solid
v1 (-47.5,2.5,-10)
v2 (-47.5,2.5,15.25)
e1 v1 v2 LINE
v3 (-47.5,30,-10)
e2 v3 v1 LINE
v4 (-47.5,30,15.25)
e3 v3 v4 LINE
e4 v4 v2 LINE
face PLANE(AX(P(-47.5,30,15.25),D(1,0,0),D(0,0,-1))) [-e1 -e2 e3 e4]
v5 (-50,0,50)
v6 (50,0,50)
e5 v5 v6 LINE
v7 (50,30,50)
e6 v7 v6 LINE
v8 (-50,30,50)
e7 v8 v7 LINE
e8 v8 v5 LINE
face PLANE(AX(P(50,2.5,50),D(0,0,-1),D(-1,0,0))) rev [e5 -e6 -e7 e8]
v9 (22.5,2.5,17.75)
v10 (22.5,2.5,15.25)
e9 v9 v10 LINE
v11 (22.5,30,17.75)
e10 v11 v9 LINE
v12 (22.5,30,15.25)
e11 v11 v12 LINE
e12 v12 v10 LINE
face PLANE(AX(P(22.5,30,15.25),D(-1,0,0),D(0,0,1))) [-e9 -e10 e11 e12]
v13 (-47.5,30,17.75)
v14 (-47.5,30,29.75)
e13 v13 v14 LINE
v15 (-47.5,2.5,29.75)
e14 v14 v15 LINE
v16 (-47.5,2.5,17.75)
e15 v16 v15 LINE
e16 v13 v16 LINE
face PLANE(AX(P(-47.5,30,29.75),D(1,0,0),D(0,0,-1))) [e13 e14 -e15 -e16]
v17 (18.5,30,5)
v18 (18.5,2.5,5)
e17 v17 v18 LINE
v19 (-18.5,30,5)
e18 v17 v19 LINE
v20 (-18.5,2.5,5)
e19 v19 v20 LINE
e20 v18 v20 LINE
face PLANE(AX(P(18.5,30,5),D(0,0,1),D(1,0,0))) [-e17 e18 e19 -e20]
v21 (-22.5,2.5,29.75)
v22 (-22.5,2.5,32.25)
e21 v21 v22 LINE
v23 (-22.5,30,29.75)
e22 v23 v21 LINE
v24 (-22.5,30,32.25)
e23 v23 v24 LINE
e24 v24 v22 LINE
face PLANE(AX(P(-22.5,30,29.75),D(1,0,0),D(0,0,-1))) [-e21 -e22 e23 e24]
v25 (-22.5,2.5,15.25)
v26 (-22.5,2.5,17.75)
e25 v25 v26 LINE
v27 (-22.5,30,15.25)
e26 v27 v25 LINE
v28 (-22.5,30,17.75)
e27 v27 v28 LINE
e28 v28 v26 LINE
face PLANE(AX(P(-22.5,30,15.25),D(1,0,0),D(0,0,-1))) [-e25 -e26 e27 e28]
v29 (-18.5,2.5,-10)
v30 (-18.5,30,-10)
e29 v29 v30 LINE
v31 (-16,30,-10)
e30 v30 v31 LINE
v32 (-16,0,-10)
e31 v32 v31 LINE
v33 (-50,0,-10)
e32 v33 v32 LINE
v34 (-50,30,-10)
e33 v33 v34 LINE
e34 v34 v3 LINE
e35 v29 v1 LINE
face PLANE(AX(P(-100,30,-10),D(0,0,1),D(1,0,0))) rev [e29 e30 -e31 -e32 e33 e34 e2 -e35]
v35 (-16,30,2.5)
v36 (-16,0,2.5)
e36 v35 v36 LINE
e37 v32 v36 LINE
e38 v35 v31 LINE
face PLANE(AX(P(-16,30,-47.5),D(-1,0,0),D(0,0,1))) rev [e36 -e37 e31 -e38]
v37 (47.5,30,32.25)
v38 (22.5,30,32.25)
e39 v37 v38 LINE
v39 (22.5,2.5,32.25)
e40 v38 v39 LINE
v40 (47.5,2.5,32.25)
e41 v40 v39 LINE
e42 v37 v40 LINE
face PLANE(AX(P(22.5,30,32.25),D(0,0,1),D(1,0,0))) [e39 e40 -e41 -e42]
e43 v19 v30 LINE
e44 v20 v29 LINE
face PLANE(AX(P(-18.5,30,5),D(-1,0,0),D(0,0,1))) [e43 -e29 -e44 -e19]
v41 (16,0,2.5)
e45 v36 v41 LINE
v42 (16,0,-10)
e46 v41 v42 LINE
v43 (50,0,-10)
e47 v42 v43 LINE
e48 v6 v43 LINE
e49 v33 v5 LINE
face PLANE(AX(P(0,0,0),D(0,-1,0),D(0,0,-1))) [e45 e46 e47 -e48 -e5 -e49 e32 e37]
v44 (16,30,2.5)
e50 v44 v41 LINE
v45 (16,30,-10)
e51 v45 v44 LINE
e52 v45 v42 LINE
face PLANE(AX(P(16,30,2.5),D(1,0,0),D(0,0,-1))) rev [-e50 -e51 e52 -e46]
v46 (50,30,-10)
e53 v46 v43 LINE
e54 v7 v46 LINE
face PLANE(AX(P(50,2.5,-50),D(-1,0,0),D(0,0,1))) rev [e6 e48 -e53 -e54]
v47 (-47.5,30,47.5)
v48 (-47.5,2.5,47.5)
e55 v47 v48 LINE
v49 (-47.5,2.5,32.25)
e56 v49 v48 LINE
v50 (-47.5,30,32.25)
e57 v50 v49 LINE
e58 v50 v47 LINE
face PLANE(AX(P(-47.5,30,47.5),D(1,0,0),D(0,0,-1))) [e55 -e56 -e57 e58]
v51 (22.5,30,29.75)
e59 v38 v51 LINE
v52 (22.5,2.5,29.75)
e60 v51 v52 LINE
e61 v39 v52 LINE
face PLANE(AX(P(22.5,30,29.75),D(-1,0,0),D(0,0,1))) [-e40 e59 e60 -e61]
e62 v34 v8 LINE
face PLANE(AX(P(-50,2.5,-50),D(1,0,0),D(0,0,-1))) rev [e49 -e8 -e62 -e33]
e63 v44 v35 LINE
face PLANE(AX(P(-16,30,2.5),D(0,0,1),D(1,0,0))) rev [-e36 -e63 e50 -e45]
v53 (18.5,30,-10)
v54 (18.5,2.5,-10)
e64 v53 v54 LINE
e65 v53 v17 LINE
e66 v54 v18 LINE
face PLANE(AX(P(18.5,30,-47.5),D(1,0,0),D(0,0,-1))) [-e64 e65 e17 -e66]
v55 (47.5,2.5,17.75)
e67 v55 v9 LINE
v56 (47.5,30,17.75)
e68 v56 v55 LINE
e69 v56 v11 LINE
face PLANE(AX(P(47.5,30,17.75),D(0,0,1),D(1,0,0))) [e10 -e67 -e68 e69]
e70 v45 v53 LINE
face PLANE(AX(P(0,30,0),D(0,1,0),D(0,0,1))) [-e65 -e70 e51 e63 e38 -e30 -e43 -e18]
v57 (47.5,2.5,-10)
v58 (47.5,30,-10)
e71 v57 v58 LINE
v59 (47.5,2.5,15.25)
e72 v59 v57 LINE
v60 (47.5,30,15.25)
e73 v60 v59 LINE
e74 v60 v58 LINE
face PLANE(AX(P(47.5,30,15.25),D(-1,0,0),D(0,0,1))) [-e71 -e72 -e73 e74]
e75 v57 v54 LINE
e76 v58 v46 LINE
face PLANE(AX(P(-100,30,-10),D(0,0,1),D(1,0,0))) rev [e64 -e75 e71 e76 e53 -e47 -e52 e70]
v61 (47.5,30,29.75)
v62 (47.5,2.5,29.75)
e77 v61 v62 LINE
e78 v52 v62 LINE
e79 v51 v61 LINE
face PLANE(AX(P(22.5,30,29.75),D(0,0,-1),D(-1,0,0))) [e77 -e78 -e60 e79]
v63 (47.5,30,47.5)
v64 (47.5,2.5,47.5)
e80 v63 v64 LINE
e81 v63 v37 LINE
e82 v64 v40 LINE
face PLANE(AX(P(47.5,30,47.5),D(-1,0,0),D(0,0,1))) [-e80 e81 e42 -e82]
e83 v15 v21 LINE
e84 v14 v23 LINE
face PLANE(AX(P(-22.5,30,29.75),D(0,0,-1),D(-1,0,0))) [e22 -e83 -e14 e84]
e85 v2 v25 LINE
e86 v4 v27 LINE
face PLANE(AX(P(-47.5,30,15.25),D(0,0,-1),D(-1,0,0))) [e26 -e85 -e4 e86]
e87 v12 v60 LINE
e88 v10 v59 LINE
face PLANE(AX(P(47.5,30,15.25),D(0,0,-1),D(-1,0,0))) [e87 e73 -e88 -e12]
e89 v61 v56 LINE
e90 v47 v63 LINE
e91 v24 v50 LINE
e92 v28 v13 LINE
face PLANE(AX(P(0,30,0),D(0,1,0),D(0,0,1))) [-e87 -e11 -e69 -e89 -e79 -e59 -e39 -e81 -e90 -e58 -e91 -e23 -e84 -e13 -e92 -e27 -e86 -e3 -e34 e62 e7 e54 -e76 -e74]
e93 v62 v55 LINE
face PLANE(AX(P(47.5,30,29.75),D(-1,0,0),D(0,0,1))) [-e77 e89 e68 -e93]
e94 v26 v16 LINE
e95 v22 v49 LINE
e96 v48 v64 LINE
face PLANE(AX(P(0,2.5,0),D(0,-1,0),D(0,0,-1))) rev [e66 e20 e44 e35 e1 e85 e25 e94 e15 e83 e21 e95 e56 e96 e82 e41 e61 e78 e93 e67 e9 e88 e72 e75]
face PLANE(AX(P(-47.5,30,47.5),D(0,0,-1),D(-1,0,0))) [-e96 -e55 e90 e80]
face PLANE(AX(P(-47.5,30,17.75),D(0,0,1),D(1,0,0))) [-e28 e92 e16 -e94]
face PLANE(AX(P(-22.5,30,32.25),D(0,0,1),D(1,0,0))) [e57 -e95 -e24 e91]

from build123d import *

# Parameters (mm, degrees)
SKETCH2_W           = 100
SKETCH2_H           = 100
BOSS_EXTRUDE1_DEPTH = 2.5
BOSS_EXTRUDE2_DEPTH = 27.5
SKETCH9_W           = 32
SKETCH9_H           = 52.5
CUT_EXTRUDE3_DEPTH  = 2.5
CUT_EXTRUDE4_REACH  = 117.758
SKETCH5_W           = 40
SKETCH5_H           = 30


with BuildPart() as part:
    # Sketch2 → Boss-Extrude1 (new body)
    with BuildSketch(Plane(origin=(0, 0, 0), x_dir=(1, 0, 0), z_dir=(0, 1, 0))):
        Rectangle(SKETCH2_W, SKETCH2_H)
    extrude(amount=BOSS_EXTRUDE1_DEPTH)

    # Sketch4 → Boss-Extrude2 (add)
    with BuildSketch(Plane(origin=(0, 2.5, 0), x_dir=(1, 0, 0), z_dir=(0, 1, 0))):
        Polygon((-50, 50), (-50, -50), (50, -50), (50, 50), (16, 50), (16, 47.5), (16, -2.5), (-16, -2.5), (-16, 47.5), (-16, 50), align=None)
        Polygon((-47.5, -47.5), (47.5, -47.5), (47.5, -32.25), (22.5, -32.25), (22.5, -29.75), (47.5, -29.75), (47.5, -17.75), (22.5, -17.75), (22.5, -15.25), (47.5, -15.25), (47.5, 47.5), (18.5, 47.5), (18.5, -5), (-18.5, -5), (-18.5, 47.5), (-47.5, 47.5), (-47.5, -15.25), (-22.5, -15.25), (-22.5, -17.75), (-47.5, -17.75), (-47.5, -29.75), (-22.5, -29.75), (-22.5, -32.25), (-47.5, -32.25), align=None, mode=Mode.SUBTRACT)
    extrude(amount=BOSS_EXTRUDE2_DEPTH)

    # Sketch9 → Cut-Extrude3 (cut)
    with BuildSketch(Plane(origin=(0, 2.5, 0), x_dir=(1, 0, 0), z_dir=(0, 1, 0))):
        with Locations((0, 23.75)):
            Rectangle(SKETCH9_W, SKETCH9_H)
    extrude(amount=-CUT_EXTRUDE3_DEPTH, mode=Mode.SUBTRACT)

    # Cut-Extrude4: up to this face of the body (flat: up to its plane)
    cut_extrude4_end = Plane(part.part.faces().sort_by_distance((-50, 15, 0))[0])
    # Sketch5 → Cut-Extrude4 (cut, up to the picked face)
    with BuildSketch(Plane(origin=(50, 0, 0), x_dir=(0, 0, -1), z_dir=(1, 0, 0)), mode=Mode.PRIVATE) as cut_extrude4_sk1:
        with Locations((30, 15)):
            Rectangle(SKETCH5_W, SKETCH5_H)
    cut_extrude4_tool1 = split(extrude(cut_extrude4_sk1.sketch, amount=-CUT_EXTRUDE4_REACH, mode=Mode.PRIVATE), bisect_by=cut_extrude4_end, keep=Keep.BOTH, mode=Mode.PRIVATE)
    add(cut_extrude4_tool1.solids().sort_by(Axis((50, 15, -30), (-1, 0, 0)))[0], mode=Mode.SUBTRACT)


solid = part.part
